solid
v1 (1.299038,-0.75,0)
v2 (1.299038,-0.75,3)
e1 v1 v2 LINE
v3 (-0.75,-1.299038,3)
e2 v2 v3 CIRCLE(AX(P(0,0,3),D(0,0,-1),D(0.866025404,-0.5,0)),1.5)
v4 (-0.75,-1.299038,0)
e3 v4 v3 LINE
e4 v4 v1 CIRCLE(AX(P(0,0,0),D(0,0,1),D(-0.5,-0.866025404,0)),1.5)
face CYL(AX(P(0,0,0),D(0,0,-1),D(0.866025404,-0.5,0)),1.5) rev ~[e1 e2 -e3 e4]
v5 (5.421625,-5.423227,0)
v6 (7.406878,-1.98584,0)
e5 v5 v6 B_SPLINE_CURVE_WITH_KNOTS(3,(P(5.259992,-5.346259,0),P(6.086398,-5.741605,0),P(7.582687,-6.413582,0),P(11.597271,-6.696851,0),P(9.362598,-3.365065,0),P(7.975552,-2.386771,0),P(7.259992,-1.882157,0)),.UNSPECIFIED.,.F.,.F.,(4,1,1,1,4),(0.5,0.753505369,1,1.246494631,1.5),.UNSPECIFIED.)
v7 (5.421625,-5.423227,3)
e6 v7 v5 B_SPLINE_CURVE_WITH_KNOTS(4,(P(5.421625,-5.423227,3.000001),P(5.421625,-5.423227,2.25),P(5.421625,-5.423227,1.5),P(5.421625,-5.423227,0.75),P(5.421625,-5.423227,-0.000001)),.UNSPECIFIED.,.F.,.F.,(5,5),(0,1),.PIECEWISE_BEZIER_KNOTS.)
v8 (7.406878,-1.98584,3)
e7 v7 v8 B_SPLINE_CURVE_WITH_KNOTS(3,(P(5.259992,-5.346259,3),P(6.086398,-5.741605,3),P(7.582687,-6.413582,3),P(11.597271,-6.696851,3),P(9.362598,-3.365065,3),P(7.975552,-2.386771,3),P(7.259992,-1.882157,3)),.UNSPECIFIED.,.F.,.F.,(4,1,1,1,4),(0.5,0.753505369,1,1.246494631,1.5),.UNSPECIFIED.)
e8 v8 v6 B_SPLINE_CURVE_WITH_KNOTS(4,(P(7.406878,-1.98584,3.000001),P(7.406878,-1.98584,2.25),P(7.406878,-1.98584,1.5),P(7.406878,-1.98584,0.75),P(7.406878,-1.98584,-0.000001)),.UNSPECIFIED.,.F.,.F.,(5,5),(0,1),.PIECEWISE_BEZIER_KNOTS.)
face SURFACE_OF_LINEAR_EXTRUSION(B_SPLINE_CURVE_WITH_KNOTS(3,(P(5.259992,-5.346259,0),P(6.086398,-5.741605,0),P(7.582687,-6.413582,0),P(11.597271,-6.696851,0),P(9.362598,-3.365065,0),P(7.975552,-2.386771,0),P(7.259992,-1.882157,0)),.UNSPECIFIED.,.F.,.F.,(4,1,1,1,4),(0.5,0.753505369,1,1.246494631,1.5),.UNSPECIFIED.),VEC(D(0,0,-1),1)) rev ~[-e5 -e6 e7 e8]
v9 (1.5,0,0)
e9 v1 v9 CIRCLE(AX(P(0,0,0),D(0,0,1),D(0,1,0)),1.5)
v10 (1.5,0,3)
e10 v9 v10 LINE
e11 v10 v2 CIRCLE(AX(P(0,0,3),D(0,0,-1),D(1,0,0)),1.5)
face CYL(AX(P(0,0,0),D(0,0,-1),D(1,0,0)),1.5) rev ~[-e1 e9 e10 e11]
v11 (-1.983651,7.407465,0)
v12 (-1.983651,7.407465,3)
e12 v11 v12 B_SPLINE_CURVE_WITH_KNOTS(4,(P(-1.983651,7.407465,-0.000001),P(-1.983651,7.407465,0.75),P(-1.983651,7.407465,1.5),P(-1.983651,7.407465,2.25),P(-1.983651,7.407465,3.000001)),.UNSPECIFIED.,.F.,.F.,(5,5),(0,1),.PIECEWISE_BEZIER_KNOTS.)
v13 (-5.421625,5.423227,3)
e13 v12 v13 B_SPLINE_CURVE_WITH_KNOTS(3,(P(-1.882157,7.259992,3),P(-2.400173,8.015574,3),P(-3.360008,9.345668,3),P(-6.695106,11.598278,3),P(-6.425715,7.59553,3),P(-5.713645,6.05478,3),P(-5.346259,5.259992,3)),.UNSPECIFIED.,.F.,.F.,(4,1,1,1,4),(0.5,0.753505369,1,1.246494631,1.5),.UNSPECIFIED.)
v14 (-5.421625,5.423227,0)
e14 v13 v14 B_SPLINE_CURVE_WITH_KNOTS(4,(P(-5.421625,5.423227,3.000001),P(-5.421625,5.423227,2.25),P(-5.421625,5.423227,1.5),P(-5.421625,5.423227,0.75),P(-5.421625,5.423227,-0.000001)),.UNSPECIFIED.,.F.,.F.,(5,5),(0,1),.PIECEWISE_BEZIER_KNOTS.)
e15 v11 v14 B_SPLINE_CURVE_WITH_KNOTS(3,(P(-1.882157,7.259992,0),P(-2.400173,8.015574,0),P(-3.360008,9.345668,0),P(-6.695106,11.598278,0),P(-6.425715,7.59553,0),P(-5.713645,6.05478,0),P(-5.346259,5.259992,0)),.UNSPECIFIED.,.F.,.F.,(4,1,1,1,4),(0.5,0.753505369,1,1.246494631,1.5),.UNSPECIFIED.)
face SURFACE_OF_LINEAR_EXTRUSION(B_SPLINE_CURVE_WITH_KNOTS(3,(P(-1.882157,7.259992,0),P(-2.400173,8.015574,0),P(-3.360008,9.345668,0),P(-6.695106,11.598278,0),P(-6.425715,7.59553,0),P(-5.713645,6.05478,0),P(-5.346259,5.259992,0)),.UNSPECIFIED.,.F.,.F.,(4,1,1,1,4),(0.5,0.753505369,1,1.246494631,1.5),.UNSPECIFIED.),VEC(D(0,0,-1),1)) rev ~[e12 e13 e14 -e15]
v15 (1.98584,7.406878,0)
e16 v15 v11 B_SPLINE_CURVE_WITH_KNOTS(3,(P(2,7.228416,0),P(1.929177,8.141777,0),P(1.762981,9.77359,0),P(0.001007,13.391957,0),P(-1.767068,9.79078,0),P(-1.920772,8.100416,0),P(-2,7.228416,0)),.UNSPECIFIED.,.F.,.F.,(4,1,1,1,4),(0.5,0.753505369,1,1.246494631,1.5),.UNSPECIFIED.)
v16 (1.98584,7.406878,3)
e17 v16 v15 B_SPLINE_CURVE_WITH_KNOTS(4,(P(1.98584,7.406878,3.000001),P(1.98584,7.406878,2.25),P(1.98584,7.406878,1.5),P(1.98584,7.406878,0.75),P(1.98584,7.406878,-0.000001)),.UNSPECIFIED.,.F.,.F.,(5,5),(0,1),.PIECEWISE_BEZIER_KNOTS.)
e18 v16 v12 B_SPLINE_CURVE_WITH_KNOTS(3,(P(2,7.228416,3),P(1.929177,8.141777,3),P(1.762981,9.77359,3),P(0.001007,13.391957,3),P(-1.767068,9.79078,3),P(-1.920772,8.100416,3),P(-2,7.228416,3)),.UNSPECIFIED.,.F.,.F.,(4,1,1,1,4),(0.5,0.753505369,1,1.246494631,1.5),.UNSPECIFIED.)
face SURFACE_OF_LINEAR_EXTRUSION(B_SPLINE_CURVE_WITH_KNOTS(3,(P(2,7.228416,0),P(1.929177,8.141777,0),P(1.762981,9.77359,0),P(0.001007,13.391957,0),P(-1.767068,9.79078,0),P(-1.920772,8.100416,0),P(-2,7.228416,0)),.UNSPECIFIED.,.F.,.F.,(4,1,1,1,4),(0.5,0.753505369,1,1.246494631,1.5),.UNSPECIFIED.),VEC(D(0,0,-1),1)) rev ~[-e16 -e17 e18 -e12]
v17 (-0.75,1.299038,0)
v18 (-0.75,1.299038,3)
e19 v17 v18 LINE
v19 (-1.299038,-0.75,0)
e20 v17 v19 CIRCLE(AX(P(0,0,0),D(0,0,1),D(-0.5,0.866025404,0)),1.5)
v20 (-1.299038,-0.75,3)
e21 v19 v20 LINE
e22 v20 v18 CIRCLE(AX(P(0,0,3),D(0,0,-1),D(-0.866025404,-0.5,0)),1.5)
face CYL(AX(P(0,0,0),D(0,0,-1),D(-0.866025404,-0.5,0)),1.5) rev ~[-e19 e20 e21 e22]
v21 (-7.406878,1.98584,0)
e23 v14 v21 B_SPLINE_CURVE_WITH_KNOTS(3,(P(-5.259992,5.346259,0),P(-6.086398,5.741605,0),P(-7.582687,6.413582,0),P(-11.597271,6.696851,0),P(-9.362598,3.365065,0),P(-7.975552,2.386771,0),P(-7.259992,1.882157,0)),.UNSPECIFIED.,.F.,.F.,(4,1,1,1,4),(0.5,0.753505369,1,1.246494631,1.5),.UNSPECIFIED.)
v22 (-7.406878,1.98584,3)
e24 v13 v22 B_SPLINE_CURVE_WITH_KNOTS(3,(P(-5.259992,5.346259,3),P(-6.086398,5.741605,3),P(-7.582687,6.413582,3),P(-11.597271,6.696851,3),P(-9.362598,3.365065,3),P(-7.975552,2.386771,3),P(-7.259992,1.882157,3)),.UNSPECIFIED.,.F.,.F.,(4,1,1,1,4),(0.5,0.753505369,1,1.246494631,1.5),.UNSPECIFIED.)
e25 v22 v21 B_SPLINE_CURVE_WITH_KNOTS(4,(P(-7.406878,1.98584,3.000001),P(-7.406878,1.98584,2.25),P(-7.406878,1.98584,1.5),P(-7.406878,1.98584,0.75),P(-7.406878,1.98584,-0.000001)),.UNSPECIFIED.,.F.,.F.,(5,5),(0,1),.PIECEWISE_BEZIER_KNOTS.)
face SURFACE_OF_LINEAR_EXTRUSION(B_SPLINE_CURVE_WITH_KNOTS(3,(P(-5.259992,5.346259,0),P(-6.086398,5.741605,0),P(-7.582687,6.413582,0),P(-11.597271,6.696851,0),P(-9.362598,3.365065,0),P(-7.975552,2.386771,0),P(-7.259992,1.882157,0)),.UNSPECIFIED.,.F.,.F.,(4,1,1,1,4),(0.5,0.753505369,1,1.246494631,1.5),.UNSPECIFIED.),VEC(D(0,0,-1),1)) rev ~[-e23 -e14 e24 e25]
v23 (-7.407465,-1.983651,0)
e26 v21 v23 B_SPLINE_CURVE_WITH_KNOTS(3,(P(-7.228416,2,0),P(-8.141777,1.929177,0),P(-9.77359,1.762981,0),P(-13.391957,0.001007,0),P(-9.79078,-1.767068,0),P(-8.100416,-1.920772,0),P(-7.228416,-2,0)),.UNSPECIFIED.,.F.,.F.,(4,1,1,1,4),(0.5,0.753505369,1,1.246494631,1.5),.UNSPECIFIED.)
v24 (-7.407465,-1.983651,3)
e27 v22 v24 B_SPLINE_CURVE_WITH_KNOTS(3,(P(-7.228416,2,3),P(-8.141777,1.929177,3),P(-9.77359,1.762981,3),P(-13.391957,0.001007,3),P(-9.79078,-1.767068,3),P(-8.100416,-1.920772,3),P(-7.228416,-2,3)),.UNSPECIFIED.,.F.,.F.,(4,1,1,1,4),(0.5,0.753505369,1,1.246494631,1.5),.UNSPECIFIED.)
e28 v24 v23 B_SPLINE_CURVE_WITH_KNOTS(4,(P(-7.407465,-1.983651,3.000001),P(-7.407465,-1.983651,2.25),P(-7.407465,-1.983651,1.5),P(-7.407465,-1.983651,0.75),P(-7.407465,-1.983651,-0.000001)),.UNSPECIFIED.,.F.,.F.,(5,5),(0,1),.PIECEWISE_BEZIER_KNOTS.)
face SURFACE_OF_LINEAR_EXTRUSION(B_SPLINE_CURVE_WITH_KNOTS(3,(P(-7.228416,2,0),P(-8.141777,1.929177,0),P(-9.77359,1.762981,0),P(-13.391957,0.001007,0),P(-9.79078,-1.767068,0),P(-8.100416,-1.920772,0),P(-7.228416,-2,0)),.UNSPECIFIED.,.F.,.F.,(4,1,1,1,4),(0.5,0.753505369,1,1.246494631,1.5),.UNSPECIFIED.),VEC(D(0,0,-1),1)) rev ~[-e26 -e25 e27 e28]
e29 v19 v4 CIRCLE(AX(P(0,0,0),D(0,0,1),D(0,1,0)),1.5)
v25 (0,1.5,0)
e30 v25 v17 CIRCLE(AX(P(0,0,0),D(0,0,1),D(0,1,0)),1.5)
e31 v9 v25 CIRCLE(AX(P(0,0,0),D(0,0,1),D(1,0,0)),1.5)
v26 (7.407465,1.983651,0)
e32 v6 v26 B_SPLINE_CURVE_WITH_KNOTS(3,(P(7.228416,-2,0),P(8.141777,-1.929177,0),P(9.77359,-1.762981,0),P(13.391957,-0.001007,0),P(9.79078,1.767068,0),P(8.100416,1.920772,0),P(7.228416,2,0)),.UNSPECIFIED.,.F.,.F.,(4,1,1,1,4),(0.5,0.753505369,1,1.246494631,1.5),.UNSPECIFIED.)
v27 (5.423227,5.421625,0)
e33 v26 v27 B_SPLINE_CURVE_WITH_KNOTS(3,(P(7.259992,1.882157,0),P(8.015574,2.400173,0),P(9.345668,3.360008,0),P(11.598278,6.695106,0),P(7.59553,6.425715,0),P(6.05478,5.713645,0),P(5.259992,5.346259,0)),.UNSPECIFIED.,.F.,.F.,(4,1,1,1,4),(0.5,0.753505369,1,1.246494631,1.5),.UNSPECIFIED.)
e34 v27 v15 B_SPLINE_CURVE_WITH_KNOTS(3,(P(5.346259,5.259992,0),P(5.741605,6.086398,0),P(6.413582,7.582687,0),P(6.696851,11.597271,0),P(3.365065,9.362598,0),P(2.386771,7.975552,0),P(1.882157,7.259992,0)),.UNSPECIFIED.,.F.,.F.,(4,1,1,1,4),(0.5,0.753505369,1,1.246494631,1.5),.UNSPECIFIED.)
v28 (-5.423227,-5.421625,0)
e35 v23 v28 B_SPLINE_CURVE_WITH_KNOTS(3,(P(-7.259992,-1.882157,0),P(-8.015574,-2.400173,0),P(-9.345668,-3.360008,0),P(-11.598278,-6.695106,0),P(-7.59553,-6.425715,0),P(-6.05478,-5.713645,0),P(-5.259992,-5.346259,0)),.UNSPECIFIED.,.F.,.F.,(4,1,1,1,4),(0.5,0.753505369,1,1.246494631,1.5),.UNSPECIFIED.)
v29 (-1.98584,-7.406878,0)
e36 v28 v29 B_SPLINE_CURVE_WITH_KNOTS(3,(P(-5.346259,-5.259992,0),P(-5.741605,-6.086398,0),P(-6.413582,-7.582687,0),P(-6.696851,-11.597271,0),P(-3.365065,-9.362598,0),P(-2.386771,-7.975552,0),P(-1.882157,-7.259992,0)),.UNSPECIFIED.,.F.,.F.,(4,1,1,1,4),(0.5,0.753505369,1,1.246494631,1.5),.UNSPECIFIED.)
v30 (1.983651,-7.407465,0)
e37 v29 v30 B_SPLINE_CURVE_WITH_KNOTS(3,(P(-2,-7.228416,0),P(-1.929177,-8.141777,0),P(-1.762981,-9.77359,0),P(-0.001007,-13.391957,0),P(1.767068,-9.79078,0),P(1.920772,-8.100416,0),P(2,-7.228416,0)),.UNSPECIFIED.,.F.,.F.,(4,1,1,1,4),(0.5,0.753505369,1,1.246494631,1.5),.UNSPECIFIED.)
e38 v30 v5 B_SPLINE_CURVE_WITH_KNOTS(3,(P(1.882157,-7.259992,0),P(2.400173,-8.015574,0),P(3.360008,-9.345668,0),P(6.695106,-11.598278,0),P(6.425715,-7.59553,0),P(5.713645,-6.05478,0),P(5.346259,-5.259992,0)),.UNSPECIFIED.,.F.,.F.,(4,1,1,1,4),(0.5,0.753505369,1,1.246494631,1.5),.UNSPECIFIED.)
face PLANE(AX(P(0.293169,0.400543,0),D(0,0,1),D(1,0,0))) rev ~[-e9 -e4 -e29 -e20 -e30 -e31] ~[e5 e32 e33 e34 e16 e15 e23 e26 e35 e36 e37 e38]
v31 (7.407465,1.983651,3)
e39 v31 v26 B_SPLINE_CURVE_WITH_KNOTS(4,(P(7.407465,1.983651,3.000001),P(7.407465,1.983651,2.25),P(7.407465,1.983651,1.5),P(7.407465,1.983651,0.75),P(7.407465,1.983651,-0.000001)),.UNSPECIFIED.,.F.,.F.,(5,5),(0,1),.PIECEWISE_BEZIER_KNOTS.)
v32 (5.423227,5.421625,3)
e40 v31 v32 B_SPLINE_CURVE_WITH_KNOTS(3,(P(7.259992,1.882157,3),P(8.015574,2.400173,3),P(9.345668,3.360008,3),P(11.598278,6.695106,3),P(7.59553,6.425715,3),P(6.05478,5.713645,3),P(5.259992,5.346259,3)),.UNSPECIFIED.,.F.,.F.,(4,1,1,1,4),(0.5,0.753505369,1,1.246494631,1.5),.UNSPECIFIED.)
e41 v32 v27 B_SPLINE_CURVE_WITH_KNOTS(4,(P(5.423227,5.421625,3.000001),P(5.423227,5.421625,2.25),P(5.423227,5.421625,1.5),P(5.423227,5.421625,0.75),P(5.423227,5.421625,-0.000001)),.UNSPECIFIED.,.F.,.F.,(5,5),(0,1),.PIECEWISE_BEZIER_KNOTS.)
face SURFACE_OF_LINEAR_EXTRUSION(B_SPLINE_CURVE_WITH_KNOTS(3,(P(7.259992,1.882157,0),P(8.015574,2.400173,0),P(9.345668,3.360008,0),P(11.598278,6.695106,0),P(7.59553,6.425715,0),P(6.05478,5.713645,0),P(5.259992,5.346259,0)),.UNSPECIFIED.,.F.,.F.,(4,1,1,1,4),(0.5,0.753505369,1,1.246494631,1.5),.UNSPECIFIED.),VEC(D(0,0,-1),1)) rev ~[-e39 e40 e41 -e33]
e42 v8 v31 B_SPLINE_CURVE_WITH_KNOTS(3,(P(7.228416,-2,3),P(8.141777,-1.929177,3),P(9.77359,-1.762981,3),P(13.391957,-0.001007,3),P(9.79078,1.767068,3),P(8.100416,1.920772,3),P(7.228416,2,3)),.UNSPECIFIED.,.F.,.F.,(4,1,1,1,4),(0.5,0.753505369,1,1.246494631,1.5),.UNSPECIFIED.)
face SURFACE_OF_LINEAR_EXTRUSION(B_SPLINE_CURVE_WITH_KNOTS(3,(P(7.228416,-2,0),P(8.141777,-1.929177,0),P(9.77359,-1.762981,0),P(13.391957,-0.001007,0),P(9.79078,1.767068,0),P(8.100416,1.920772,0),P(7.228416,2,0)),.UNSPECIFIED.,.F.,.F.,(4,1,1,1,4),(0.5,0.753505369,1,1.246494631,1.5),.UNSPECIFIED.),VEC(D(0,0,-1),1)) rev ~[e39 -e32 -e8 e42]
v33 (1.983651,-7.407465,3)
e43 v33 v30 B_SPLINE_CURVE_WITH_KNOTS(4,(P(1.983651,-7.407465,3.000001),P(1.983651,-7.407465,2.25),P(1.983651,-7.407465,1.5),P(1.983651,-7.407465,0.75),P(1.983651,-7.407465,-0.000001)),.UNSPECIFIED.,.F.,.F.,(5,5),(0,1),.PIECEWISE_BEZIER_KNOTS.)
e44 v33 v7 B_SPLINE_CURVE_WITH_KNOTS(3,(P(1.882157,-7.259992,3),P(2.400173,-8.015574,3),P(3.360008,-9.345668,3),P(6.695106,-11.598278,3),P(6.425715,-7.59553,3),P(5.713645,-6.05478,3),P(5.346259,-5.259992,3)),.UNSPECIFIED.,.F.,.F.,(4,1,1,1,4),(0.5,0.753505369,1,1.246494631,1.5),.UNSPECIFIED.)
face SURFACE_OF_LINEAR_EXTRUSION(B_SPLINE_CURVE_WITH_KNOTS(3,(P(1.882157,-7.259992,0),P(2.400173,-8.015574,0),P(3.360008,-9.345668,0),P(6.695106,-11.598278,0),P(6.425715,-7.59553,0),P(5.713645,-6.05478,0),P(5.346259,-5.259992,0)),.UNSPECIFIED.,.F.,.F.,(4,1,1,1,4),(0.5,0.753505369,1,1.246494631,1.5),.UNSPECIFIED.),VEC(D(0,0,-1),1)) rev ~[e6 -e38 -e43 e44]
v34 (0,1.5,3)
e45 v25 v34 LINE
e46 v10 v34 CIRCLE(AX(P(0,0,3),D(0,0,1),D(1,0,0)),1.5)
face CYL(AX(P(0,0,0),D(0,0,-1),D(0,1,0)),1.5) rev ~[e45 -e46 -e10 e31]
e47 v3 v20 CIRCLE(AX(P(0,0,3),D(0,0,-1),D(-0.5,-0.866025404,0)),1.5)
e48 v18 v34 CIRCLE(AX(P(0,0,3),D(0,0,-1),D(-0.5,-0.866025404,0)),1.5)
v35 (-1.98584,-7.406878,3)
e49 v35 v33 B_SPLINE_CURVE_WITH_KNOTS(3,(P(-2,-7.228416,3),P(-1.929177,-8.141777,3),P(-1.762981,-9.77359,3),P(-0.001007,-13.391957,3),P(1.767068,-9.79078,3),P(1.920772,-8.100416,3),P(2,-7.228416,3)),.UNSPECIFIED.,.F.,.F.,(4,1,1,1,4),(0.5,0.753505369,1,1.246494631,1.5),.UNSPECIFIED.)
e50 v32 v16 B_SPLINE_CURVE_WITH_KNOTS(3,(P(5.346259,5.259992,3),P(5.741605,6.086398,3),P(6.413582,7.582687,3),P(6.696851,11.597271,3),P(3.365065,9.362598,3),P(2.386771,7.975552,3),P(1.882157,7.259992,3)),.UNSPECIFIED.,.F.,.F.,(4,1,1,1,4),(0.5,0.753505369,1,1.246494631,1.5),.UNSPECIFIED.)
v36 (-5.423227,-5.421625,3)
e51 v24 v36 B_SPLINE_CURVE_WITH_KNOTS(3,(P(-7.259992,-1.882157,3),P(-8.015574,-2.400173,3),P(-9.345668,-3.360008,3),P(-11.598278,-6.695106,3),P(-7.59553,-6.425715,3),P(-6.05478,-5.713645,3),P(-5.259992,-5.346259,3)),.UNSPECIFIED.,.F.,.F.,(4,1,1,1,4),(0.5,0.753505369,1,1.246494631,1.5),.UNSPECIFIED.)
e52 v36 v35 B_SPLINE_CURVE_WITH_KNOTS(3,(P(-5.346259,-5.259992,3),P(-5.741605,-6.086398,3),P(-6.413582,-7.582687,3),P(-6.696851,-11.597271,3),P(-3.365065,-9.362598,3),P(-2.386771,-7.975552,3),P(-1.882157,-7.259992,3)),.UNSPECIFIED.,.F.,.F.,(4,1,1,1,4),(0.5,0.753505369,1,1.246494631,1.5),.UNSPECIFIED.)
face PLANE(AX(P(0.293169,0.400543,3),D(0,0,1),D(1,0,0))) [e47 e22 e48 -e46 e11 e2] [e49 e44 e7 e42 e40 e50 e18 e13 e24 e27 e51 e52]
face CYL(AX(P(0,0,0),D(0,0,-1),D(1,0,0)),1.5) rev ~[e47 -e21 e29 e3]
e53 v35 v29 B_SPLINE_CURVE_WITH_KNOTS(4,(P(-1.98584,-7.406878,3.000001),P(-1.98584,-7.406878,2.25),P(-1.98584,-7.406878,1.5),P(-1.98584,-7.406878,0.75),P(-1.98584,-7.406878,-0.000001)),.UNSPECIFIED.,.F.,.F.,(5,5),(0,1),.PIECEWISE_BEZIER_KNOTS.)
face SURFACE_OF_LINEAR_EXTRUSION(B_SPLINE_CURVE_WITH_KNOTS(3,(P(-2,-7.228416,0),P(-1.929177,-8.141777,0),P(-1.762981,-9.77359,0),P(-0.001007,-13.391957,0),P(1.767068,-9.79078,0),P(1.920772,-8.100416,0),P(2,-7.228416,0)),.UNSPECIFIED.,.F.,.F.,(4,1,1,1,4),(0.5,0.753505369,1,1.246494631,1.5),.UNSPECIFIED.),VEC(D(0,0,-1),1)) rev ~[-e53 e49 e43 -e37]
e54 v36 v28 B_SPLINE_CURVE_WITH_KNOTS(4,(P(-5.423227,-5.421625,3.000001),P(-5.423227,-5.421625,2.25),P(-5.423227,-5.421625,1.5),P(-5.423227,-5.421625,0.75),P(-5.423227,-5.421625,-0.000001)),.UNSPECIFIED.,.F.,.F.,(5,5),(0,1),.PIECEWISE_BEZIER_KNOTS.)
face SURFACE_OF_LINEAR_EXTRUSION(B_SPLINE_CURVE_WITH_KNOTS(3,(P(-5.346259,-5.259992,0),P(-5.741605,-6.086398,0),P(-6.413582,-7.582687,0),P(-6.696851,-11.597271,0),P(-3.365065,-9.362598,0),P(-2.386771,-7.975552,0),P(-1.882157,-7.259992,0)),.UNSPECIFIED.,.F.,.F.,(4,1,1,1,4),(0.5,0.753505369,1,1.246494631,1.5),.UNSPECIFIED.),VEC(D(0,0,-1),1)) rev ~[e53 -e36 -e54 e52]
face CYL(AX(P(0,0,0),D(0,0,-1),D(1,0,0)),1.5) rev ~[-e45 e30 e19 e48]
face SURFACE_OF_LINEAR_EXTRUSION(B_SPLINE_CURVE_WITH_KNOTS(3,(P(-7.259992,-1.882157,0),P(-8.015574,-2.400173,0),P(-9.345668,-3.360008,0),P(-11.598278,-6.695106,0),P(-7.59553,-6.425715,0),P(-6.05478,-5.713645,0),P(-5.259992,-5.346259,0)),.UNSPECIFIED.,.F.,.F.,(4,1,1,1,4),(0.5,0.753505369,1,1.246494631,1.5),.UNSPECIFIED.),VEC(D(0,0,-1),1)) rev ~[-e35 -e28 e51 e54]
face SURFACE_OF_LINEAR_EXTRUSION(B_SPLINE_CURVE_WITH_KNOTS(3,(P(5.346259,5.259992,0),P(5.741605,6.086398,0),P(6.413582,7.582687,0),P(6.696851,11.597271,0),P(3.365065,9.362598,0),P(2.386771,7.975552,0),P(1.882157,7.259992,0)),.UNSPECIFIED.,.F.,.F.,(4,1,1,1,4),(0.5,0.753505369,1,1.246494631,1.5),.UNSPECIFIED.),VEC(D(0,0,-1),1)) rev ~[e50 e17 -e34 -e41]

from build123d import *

# Parameters (mm, degrees)
F1_DEPTH = 3
F2_COUNT = 12


with BuildPart() as f1:
    # F0 (on Top) → F1 (new body)
    with BuildSketch(Plane.XY):
        with BuildLine():
            ThreePointArc((-2, 7.2284161474), (-4.5414755311, -5.9686681932), (7.5, 0))
            ThreePointArc((7.5, 0), (5.9686681932, 4.5414755311), (2, 7.2284161474))
            ThreePointArc((2, 7.2284161474), (1.0091776094, 7.4317938987), (0, 7.5))
            ThreePointArc((0, 7.5), (-1.0091776094, 7.4317938987), (-2, 7.2284161474))
        make_face()
        with BuildLine():
            ThreePointArc((1.5, 0), (-1.0606601718, -1.0606601718), (0, 1.5))
            ThreePointArc((0, 1.5), (1.0606601718, 1.0606601718), (1.5, 0))
        make_face(mode=Mode.SUBTRACT)
        with BuildLine():
            add(Edge.make_bspline(
                [(-2, 7.2284161474), (-1.9207715188, 8.1004158529), (-1.7670676263, 9.7907800709), (-0.5828160551, 12.2028380943), (0, 12.2)],
                knots=[0, 0, 0, 0, 0.2535053688, 0.5, 0.5, 0.5, 0.5], degree=3))
            ThreePointArc((-2, 7.2284161474), (-1.0091776094, 7.4317938987), (0, 7.5))
            Line((0, 7.5), (0, 10))
            Line((0, 10), (0, 12.2))
        make_face()
        with BuildLine():
            ThreePointArc((0, 7.5), (1.0091776094, 7.4317938987), (2, 7.2284161474))
            add(Edge.make_bspline(
                [(0, 12.2), (0.5828160551, 12.1971619057), (1.7629813168, 9.7735900641), (1.9291765813, 8.1417773558), (2, 7.2284161474)],
                knots=[0.5, 0.5, 0.5, 0.5, 0.7464946312, 1, 1, 1, 1], degree=3))
            Line((0, 12.2), (0, 10))
            Line((0, 10), (0, 7.5))
        make_face()
    extrude(amount=F1_DEPTH)

    # F2: F1 ×12 about axis
    f2_axis = Axis((0, 0, 3), (0, 0, -1))


with BuildPart() as f1_1:
    add(f1.part)
    for i in range(1, F2_COUNT):
        add(f1.part.rotate(f2_axis, i * 360 / F2_COUNT))


solid = f1_1.part
